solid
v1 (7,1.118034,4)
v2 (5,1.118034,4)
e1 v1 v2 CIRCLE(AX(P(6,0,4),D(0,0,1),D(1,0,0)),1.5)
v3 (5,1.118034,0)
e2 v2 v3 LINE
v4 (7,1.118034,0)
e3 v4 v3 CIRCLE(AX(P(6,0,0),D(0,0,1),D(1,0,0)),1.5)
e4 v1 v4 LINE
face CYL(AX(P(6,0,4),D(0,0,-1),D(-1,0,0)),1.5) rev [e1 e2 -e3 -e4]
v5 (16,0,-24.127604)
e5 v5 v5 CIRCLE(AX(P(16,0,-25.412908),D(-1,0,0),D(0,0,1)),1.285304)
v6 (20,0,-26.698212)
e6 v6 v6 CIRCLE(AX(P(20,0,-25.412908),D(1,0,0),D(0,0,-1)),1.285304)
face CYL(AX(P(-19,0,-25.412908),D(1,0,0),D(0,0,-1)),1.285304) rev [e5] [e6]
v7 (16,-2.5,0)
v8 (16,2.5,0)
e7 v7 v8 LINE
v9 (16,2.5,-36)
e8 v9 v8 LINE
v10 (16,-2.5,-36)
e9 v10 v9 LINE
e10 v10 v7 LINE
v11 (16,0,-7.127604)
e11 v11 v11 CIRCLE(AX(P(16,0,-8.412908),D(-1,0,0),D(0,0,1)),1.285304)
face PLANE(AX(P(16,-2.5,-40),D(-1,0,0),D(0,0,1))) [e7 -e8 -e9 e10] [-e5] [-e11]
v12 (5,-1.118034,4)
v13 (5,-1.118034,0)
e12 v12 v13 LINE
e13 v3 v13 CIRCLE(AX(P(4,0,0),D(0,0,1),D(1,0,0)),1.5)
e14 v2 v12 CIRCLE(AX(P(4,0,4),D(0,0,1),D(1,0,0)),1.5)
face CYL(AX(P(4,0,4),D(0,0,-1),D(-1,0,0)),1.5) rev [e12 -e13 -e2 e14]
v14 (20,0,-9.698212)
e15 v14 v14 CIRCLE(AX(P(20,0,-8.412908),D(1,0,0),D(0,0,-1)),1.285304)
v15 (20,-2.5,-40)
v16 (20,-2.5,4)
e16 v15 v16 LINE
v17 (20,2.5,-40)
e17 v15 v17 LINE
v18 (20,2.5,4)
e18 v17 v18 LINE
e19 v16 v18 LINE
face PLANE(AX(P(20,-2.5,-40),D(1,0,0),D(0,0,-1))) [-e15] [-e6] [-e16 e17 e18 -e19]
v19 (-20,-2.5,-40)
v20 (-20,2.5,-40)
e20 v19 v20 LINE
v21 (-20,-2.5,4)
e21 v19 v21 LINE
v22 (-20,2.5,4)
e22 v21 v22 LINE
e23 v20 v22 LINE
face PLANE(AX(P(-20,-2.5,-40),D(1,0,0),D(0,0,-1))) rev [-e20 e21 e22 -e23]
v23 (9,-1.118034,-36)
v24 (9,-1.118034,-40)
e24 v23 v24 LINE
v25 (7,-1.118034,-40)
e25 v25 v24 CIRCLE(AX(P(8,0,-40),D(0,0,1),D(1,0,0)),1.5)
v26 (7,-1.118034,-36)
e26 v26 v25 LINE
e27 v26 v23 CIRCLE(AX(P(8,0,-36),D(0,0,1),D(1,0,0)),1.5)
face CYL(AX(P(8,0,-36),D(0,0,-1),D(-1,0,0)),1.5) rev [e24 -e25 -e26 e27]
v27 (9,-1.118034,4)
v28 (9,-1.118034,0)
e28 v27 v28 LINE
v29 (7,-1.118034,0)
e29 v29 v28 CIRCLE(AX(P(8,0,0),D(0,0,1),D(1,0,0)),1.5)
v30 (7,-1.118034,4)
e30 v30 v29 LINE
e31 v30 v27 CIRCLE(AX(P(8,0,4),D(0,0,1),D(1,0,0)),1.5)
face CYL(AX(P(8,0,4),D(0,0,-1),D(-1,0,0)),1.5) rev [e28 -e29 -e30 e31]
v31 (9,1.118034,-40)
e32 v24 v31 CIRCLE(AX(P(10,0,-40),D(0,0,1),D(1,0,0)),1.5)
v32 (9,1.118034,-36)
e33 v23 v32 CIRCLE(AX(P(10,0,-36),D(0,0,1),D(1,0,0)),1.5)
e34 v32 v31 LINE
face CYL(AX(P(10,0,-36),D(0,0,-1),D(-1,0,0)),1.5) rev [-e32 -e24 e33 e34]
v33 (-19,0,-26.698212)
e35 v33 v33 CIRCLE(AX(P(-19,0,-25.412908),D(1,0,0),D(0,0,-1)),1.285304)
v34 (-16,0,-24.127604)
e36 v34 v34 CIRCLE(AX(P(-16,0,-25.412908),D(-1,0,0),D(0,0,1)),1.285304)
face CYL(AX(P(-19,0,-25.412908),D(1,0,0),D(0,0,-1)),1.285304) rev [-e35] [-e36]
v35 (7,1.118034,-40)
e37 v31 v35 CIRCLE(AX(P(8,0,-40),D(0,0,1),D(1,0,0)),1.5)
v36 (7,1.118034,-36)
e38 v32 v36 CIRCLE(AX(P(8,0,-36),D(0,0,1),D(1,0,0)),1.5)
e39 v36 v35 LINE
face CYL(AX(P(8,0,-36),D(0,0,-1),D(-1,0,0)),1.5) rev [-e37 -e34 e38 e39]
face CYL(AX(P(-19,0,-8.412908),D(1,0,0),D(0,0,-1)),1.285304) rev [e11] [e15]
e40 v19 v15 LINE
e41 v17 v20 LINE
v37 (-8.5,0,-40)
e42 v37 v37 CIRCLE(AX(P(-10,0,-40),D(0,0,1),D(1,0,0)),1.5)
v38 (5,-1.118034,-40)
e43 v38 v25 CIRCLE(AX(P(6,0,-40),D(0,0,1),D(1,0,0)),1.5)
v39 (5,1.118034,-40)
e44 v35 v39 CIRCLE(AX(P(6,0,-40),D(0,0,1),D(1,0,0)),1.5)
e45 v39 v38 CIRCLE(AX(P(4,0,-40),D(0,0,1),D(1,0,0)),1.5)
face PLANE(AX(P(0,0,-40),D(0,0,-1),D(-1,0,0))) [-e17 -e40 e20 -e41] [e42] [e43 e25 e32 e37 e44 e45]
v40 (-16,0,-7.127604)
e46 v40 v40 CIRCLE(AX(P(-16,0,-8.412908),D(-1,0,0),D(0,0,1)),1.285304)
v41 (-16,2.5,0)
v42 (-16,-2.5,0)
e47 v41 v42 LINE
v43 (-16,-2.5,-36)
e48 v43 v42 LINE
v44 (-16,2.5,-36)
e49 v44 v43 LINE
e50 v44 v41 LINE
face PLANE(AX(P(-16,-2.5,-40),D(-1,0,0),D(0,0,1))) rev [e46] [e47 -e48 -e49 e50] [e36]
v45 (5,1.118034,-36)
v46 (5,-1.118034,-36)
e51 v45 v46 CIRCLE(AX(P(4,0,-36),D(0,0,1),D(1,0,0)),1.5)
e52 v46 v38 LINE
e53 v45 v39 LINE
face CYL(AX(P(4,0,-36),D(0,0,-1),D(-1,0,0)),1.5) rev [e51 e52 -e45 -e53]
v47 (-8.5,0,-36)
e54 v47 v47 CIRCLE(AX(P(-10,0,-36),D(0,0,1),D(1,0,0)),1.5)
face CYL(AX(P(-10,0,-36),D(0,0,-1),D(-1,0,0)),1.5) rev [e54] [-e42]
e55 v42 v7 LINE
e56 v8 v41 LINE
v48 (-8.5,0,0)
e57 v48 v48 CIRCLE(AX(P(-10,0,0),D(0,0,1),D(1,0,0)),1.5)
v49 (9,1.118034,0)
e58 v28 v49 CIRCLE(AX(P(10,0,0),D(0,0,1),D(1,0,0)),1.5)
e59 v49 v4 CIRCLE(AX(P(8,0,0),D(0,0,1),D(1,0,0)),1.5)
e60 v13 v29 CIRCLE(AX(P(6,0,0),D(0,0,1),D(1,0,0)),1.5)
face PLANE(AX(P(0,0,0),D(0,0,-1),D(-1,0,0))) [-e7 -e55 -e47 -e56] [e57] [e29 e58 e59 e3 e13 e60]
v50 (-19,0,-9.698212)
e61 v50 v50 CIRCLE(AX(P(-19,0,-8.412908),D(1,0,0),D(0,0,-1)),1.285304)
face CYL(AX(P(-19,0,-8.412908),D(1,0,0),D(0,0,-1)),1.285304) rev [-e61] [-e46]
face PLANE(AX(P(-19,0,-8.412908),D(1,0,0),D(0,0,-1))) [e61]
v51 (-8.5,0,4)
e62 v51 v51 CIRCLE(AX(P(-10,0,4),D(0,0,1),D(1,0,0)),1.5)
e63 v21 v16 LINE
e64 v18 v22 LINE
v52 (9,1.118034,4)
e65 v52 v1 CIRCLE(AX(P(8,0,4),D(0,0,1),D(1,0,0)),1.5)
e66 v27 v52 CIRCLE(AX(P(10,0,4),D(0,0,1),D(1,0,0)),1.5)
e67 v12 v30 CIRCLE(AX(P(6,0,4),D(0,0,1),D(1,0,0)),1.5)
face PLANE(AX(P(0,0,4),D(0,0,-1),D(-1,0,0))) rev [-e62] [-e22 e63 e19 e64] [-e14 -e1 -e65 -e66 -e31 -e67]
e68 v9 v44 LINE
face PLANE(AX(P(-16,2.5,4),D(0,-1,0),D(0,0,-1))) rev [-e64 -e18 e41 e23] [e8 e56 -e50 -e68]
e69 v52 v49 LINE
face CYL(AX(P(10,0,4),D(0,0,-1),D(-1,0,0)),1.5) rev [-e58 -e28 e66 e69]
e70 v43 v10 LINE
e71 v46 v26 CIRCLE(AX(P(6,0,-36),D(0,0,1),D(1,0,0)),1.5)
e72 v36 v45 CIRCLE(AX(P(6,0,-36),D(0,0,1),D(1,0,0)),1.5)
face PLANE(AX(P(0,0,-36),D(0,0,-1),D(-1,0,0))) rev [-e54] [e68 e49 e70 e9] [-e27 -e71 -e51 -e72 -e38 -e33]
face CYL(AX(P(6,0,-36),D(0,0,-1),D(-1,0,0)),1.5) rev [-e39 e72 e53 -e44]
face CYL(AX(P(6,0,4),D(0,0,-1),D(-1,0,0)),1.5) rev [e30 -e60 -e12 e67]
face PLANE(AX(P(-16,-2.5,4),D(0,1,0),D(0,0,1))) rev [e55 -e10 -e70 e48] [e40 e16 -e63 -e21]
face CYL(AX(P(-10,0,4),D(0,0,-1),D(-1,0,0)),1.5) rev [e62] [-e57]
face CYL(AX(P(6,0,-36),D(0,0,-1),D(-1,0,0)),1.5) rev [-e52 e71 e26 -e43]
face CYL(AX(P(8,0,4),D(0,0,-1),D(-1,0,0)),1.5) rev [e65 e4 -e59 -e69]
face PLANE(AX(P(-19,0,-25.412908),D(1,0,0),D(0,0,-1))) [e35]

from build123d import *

# Parameters (mm, degrees)
ESBO_O1_W                = 32
ESBO_O1_H                = 5
ESBO_O1_R                = 1.5
RESSALTO_EXTRUS_O1_DEPTH = 4
ESBO_O3_W                = 4
ESBO_O3_H                = 5
RESSALTO_EXTRUS_O2_DEPTH = 44
PADR_O_LINEAR1_COUNT     = 2
PADR_O_LINEAR1_PITCH     = 40
ESBO_O4_R                = 1.285304246
CORTE_EXTRUS_O1_DEPTH    = 39


with BuildPart() as part:
    # Esboço1 → Ressalto-extrusão1 (new body)
    with BuildSketch(Plane.XY):
        Rectangle(ESBO_O1_W, ESBO_O1_H)
        with Locations((-10, 0)):
            Circle(ESBO_O1_R, mode=Mode.SUBTRACT)
        with BuildLine():
            ThreePointArc((5, 1.118033989), (2.5, 0), (5, -1.118033989))
            ThreePointArc((5, -1.118033989), (6, -1.5), (7, -1.118033989))
            ThreePointArc((7, -1.118033989), (8, -1.5), (9, -1.118033989))
            ThreePointArc((9, -1.118033989), (11.5, 0), (9, 1.118033989))
            ThreePointArc((9, 1.118033989), (8, 1.5), (7, 1.118033989))
            ThreePointArc((7, 1.118033989), (6, 1.5), (5, 1.118033989))
        make_face(mode=Mode.SUBTRACT)
    ressalto_extrus_o1 = extrude(amount=RESSALTO_EXTRUS_O1_DEPTH)

    # Esboço3 → Ressalto-extrusão2 (add)
    with BuildSketch(Plane.XY.offset(4)):
        with Locations((18, 0)):
            Rectangle(ESBO_O3_W, ESBO_O3_H)
    ressalto_extrus_o2 = extrude(amount=-RESSALTO_EXTRUS_O2_DEPTH)

    # Padrão linear1: Ressalto-extrusão1 ×2
    with Locations(*[(0, 0, -i * PADR_O_LINEAR1_PITCH) for i in range(1, PADR_O_LINEAR1_COUNT)]):
        add(ressalto_extrus_o1)

    # Espelhar1: Ressalto-extrusão2 across plane
    add(ressalto_extrus_o2.mirror(Plane(origin=(0, 0, 0), x_dir=(0, 0, 1), z_dir=(1, 0, 0))))

    # Esboço4 → Corte-extrusão1 (cut)
    with BuildSketch(Plane(origin=(20, 0, 0), x_dir=(0, 0, -1), z_dir=(1, 0, 0))):
        with Locations((8.412908062, 0)):
            Circle(ESBO_O4_R)
        with Locations((25.412908062, 0)):
            Circle(ESBO_O4_R)
    extrude(amount=-CORTE_EXTRUS_O1_DEPTH, mode=Mode.SUBTRACT)


solid = part.part
